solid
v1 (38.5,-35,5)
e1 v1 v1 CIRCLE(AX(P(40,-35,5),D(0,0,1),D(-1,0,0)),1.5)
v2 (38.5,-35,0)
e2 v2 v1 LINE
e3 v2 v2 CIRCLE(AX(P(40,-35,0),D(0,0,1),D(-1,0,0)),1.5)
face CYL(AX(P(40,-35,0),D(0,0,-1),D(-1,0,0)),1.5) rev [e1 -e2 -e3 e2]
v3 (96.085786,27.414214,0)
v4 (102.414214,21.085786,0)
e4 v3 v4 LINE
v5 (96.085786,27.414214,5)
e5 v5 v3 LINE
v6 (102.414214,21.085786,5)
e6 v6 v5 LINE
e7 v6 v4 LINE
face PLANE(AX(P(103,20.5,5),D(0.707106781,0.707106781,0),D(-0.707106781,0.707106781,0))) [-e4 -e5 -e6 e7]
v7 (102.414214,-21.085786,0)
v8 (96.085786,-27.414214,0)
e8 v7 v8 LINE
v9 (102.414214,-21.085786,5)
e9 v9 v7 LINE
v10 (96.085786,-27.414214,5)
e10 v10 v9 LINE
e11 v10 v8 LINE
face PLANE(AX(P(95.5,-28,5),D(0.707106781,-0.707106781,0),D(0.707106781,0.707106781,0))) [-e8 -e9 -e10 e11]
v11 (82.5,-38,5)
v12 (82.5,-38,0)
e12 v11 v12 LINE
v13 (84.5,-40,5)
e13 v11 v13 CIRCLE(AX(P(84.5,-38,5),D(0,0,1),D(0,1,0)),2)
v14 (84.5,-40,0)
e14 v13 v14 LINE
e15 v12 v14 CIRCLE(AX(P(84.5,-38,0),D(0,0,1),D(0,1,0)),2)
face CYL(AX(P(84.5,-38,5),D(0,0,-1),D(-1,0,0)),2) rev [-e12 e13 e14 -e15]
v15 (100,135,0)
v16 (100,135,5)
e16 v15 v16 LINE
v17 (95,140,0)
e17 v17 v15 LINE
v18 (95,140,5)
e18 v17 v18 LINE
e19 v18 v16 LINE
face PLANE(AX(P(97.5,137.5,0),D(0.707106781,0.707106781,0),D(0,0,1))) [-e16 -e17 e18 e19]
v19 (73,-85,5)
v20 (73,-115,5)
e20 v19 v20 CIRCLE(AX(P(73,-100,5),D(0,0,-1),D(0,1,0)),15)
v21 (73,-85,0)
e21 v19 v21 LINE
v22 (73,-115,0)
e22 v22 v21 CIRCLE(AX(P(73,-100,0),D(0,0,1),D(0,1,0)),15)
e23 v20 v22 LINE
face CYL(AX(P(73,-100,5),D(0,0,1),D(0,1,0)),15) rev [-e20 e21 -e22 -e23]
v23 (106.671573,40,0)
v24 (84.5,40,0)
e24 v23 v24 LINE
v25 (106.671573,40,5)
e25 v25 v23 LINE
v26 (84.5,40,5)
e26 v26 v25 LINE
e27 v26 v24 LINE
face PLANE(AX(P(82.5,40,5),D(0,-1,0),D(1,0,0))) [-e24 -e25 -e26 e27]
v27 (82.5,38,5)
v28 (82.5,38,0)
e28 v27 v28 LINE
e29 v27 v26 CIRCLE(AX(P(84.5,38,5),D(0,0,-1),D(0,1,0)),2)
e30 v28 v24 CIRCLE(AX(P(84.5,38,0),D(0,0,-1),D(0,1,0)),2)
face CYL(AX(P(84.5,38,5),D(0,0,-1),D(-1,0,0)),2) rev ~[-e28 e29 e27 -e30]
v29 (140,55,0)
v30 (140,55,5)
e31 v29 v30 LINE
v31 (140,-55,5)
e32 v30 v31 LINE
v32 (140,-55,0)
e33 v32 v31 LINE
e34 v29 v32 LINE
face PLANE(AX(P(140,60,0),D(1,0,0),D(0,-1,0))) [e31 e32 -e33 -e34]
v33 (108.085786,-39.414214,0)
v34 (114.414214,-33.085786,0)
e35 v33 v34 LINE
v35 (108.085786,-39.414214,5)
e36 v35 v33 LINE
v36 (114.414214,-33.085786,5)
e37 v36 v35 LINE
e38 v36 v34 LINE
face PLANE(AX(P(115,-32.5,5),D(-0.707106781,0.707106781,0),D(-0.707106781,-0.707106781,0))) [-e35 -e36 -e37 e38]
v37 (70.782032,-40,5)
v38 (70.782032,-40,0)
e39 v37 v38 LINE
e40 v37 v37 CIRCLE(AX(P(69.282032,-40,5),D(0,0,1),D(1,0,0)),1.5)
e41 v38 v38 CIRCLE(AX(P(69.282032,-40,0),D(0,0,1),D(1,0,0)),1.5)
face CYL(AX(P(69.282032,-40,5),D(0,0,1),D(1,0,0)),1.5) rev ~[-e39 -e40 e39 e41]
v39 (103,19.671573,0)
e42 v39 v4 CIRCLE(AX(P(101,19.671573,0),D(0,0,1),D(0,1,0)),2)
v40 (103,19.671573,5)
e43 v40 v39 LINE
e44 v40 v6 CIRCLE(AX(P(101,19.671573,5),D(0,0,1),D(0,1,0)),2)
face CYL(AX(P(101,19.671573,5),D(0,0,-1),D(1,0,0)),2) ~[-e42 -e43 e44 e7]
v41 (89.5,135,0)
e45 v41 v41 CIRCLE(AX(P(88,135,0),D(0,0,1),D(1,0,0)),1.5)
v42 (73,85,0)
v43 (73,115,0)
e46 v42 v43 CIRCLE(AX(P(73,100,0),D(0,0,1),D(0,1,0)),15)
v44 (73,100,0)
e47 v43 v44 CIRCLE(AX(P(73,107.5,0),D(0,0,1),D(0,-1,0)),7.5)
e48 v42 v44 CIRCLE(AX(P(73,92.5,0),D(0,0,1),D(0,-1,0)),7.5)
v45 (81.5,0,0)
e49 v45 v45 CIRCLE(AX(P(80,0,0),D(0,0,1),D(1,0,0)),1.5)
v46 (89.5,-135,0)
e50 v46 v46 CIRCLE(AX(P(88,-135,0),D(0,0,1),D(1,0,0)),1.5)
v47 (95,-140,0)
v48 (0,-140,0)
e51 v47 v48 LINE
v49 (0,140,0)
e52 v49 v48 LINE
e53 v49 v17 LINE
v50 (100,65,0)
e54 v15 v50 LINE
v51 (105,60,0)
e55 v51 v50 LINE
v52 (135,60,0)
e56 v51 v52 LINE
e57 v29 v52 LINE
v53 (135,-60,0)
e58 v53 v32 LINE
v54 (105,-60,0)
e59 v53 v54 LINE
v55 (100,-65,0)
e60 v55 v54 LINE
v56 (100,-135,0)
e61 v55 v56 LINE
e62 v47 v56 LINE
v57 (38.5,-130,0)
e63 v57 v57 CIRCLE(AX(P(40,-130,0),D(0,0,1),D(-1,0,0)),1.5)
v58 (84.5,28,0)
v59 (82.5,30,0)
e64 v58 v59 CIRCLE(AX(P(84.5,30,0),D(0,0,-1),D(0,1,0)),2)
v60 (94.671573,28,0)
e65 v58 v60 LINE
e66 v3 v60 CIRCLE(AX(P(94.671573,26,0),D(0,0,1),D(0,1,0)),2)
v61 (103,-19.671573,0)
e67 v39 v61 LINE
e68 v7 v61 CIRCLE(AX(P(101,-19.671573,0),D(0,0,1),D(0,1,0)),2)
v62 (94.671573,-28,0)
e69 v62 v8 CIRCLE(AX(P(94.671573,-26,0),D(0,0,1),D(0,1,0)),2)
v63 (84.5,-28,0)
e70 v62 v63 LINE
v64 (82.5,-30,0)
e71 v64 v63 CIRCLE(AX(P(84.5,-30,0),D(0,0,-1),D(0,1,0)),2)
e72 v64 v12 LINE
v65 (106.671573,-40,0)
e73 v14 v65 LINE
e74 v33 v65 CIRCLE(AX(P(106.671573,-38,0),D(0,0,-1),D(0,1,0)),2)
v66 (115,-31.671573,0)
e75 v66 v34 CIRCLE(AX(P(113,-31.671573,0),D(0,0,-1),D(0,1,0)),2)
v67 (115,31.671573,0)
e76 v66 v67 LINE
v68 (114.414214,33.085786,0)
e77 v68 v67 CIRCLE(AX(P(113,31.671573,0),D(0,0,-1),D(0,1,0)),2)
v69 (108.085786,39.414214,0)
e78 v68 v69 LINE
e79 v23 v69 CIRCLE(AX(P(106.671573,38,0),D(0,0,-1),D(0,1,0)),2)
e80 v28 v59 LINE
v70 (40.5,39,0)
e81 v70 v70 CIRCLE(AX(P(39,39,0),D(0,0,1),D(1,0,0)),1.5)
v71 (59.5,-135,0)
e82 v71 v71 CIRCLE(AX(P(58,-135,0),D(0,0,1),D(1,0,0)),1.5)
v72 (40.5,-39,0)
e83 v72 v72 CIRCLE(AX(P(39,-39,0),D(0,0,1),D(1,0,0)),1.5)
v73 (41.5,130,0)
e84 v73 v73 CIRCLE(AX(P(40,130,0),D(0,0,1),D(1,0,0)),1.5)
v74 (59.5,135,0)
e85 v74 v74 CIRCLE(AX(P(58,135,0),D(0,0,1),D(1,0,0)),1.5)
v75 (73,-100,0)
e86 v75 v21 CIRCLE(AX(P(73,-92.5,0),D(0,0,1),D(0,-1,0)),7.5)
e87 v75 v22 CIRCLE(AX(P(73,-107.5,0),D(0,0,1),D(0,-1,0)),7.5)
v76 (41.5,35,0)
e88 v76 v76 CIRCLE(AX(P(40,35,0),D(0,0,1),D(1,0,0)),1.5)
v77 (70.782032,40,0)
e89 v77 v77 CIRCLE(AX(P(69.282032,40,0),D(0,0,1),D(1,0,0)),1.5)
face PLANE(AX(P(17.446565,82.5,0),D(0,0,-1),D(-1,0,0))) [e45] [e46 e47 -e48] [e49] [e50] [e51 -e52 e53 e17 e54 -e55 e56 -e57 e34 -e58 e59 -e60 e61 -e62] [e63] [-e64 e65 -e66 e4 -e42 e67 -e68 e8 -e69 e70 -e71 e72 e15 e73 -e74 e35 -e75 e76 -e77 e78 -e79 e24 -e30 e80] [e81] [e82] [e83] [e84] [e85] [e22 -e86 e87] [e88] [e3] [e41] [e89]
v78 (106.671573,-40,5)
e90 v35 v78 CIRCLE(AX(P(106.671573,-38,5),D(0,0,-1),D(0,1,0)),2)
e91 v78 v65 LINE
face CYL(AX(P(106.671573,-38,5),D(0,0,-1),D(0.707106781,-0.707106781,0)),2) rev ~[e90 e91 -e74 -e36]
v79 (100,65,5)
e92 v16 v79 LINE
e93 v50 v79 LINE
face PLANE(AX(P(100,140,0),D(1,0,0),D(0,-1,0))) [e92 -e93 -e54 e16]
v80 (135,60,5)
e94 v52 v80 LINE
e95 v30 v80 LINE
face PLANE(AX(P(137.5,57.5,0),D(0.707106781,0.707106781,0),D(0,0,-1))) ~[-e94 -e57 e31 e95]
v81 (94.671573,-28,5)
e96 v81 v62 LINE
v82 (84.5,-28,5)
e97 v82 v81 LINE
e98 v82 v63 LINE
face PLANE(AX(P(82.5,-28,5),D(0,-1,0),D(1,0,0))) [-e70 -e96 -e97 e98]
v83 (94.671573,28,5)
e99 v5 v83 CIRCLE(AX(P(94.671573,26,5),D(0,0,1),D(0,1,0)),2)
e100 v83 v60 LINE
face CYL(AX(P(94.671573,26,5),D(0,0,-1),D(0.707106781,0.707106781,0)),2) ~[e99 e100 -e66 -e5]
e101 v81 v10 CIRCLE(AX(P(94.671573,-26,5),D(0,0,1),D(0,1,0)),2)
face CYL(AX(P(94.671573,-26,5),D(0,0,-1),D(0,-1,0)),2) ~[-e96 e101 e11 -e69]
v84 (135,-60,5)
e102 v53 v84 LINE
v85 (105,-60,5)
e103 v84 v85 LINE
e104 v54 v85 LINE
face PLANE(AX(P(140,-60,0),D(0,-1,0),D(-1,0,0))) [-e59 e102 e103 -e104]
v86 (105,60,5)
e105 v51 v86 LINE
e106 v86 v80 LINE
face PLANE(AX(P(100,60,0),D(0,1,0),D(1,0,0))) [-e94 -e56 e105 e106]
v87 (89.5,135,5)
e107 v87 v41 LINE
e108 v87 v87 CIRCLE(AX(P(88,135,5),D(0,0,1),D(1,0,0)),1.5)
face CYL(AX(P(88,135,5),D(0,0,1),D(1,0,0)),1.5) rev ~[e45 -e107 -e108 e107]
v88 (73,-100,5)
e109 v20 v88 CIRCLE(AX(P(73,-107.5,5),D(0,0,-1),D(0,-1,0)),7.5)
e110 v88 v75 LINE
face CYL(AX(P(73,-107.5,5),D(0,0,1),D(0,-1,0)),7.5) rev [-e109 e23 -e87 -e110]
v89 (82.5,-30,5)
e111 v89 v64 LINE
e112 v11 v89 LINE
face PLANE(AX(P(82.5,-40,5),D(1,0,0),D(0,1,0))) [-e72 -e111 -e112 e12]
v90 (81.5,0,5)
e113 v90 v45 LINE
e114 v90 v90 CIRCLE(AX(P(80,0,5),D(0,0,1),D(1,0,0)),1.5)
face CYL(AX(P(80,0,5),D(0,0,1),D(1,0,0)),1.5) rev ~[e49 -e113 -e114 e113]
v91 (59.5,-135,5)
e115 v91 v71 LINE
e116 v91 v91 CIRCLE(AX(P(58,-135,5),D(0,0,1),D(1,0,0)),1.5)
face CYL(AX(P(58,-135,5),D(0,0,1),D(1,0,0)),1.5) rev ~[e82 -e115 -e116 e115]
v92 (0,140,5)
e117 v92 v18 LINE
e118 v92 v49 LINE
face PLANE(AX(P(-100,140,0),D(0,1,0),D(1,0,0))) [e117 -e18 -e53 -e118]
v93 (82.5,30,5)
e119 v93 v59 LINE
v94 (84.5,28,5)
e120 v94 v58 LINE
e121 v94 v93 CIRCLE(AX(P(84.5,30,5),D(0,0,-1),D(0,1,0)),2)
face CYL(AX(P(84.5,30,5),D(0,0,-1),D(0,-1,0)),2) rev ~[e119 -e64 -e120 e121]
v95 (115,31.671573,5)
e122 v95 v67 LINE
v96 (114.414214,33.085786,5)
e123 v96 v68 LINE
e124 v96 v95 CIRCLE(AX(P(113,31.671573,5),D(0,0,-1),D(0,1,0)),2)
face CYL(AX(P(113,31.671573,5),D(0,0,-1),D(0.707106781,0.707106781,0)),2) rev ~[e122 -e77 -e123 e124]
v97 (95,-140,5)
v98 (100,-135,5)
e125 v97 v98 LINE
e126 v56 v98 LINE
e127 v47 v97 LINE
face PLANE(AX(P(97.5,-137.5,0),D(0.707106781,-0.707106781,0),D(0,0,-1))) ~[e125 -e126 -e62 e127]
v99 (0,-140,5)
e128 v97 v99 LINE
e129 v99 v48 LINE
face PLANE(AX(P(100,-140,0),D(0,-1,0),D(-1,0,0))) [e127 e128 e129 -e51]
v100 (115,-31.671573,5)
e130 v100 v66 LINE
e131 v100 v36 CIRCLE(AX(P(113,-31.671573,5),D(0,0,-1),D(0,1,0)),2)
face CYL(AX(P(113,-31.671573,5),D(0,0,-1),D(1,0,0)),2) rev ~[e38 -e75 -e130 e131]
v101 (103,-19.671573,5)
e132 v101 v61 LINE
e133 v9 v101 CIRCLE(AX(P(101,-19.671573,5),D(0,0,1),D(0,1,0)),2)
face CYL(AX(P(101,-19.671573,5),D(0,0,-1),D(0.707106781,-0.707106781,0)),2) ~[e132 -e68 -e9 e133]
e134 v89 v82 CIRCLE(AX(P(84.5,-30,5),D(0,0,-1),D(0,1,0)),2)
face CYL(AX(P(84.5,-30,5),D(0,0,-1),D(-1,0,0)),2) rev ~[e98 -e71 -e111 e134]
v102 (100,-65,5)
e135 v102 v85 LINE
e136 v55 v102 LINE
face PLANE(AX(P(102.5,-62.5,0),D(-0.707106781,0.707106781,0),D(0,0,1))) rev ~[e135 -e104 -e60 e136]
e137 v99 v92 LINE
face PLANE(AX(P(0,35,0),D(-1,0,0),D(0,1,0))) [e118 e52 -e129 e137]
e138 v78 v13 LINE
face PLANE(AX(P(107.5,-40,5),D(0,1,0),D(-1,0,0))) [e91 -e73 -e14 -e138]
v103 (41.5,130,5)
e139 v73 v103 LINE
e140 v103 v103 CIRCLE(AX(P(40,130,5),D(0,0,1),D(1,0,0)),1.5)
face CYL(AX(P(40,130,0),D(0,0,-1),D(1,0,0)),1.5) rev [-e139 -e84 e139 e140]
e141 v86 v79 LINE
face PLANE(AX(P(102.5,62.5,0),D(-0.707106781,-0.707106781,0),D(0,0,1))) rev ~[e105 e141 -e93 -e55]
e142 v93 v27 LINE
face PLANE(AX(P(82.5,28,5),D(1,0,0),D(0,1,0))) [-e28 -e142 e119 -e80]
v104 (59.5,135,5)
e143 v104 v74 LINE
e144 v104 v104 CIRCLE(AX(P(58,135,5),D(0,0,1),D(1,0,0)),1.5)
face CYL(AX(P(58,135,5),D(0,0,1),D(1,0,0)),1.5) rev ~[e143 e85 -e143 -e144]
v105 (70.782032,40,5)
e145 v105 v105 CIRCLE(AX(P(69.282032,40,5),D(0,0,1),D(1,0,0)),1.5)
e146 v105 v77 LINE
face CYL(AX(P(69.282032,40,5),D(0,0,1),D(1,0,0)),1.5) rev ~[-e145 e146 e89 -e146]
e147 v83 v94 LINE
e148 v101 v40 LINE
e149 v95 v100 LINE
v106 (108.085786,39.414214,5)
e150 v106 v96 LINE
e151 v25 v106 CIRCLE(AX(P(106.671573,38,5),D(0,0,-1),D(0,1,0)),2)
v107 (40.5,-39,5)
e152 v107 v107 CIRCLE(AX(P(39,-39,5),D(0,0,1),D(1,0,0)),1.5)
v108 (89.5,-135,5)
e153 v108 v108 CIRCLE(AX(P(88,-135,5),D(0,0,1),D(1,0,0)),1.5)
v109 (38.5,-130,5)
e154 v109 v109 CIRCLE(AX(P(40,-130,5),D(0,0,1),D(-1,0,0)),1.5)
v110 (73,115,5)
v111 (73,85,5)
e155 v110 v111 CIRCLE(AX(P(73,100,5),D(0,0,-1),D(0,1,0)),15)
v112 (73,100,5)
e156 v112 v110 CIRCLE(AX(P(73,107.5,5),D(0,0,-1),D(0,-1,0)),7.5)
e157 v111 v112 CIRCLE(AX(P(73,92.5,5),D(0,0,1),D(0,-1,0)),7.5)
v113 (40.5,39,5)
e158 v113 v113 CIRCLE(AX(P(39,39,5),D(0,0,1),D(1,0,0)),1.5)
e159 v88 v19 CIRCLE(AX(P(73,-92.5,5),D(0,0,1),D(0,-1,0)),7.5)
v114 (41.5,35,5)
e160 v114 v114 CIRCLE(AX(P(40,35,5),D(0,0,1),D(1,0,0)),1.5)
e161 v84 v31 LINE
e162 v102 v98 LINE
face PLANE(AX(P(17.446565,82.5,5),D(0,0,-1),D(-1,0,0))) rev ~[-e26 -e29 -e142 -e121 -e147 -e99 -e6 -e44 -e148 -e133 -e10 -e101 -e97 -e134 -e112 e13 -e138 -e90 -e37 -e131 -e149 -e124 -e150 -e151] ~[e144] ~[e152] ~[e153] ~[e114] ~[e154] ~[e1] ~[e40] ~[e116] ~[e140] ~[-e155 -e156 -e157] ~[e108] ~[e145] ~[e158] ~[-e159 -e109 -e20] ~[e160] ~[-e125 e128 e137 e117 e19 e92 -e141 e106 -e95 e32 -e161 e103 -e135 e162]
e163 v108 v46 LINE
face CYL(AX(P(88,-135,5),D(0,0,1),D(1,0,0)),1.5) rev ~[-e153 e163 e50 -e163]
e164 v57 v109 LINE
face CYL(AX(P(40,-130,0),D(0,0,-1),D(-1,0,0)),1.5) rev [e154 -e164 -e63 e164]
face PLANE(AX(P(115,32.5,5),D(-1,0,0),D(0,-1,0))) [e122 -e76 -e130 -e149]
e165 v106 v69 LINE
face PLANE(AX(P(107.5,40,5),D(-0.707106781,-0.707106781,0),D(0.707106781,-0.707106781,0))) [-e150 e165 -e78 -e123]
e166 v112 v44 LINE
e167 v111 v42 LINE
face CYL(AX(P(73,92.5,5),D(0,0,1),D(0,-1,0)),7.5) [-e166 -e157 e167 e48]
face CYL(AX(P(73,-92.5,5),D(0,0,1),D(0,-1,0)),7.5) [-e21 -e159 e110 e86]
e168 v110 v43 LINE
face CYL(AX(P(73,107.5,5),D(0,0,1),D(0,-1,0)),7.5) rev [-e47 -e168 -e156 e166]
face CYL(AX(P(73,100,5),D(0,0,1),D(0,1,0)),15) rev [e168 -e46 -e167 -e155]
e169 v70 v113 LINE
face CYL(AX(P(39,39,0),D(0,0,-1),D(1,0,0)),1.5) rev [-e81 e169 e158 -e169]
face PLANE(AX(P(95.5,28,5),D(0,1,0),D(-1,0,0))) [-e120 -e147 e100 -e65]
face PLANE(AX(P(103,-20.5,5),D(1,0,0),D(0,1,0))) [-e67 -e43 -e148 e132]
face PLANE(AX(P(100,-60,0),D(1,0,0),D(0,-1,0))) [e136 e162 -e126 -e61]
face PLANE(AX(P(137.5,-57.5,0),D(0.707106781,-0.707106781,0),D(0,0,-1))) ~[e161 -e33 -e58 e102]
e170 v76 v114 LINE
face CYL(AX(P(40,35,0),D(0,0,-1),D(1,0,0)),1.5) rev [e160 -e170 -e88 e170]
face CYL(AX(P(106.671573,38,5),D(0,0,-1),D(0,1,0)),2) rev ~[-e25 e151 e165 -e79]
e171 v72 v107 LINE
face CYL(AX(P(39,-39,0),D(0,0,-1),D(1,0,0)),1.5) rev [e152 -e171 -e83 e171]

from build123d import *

# Parameters (mm, degrees)
SKETCH_1_R          = 1.5
EXTRUDE_1_DEPTH     = 5
CHAMFER_1_SIZE      = 5
SKETCH_3_R          = 1.5
CUT_EXTRUDE_2_DEPTH = 10
FILLET_1_R          = 10
FILLET_2_R          = 2
CUT_EXTRUDE_3_DEPTH = 199.053023203
EXTRUDE_2_DEPTH     = 5


with BuildPart() as part:
    # 草图1 → 凸台-拉伸1 (new body)
    with BuildSketch(Plane.XY):
        Polygon((-100, -140), (-100, -60), (-140, -60), (-140, 60), (-100, 60), (-100, 140), (100, 140), (100, 60), (140, 60), (140, -60), (100, -60), (100, -140), align=None)
        with Locations((-40, -130)):
            Circle(SKETCH_1_R, mode=Mode.SUBTRACT)
        with Locations((-40, -35)):
            Circle(SKETCH_1_R, mode=Mode.SUBTRACT)
        with Locations(Location((40, -130, 0), (0, 0, 180))):
            Circle(SKETCH_1_R, mode=Mode.SUBTRACT)
        with Locations(Location((40, -35, 0), (0, 0, 180))):
            Circle(SKETCH_1_R, mode=Mode.SUBTRACT)
        with Locations(Location((-40, 130, 0), (0, 0, 180))):
            Circle(SKETCH_1_R, mode=Mode.SUBTRACT)
        with Locations((40, 130)):
            Circle(SKETCH_1_R, mode=Mode.SUBTRACT)
        with Locations((40, 35)):
            Circle(SKETCH_1_R, mode=Mode.SUBTRACT)
        with Locations(Location((-40, 35, 0), (0, 0, 180))):
            Circle(SKETCH_1_R, mode=Mode.SUBTRACT)
        with Locations((-39, 39)):
            Circle(SKETCH_1_R, mode=Mode.SUBTRACT)
        with Locations((39, 39)):
            Circle(SKETCH_1_R, mode=Mode.SUBTRACT)
        with Locations((39, -39)):
            Circle(SKETCH_1_R, mode=Mode.SUBTRACT)
        with Locations((-39, -39)):
            Circle(SKETCH_1_R, mode=Mode.SUBTRACT)
    extrude(amount=EXTRUDE_1_DEPTH)

    # 倒角1
    chamfer_1_edges = [part.edges().sort_by_distance(p)[0] for p in [
        (-100, -140, 2.5),
        (-100, -60, 2.5),
        (-140, -60, 2.5),
        (-140, 60, 2.5),
        (-100, 60, 2.5),
        (-100, 140, 2.5),
        (100, 140, 2.5),
        (100, 60, 2.5),
        (140, 60, 2.5),
        (140, -60, 2.5),
        (100, -60, 2.5),
        (100, -140, 2.5),
    ]]
    chamfer(chamfer_1_edges, length=CHAMFER_1_SIZE)

    # 草图3 → 切除-拉伸2 (cut)
    with BuildSketch(Plane.XY.offset(5)):
        with Locations((-88, 135)):
            Circle(SKETCH_3_R)
        with Locations((-58, 135)):
            Circle(SKETCH_3_R)
        with Locations((58, 135)):
            Circle(SKETCH_3_R)
        with Locations((88, 135)):
            Circle(SKETCH_3_R)
        with Locations((88, -135)):
            Circle(SKETCH_3_R)
        with Locations((58, -135)):
            Circle(SKETCH_3_R)
        with Locations((-58, -135)):
            Circle(SKETCH_3_R)
        with Locations((-88, -135)):
            Circle(SKETCH_3_R)
        with Locations((-80, 0)):
            Circle(SKETCH_3_R)
        with Locations((-69.282032303, 40)):
            Circle(SKETCH_3_R)
        with Locations((69.282032303, 40)):
            Circle(SKETCH_3_R)
        with Locations((80, 0)):
            Circle(SKETCH_3_R)
        with Locations((69.282032303, -40)):
            Circle(SKETCH_3_R)
        with Locations((-69.282032303, -40)):
            Circle(SKETCH_3_R)
        with BuildLine():
            Line((-25, -35), (25, -35))
            ThreePointArc((25, -35), (29.393398282, -45.606601718), (40, -50))
            Line((40, -50), (40, -115))
            ThreePointArc((40, -115), (29.393398282, -119.393398282), (25, -130))
            Line((25, -130), (-25, -130))
            ThreePointArc((-25, -130), (-29.393398282, -119.393398282), (-40, -115))
            Line((-40, -115), (-40, -50))
            ThreePointArc((-40, -50), (-29.393398282, -45.606601718), (-25, -35))
        make_face()
        with BuildLine():
            Line((-25, 35), (25, 35))
            ThreePointArc((25, 35), (29.393398282, 45.606601718), (40, 50))
            Line((40, 50), (40, 115))
            ThreePointArc((40, 115), (29.393398282, 119.393398282), (25, 130))
            Line((25, 130), (-25, 130))
            ThreePointArc((-25, 130), (-29.393398282, 119.393398282), (-40, 115))
            Line((-40, 115), (-40, 50))
            ThreePointArc((-40, 50), (-29.393398282, 45.606601718), (-25, 35))
        make_face()
        Polygon((-20.071531448, -8.109425098), (-8.458486518, -19.926945474), (8.109425098, -20.071531448), (19.926945474, -8.458486518), (20.071531448, 8.109425098), (8.458486518, 19.926945474), (-8.109425098, 20.071531448), (-19.926945474, 8.458486518), align=None)
        Polygon((-107.5, 40), (-82.5, 40), (-82.5, 28), (-95.5, 28), (-103, 20.5), (-103, -20.5), (-95.5, -28), (-82.5, -28), (-82.5, -40), (-107.5, -40), (-115, -32.5), (-115, 32.5), align=None)
        Polygon((107.5, -40), (82.5, -40), (82.5, -28), (95.5, -28), (103, -20.5), (103, 20.5), (95.5, 28), (82.5, 28), (82.5, 40), (107.5, 40), (115, 32.5), (115, -32.5), align=None)
        with BuildLine():
            ThreePointArc((-73, -85), (-80.5, -92.5), (-73, -100))
            ThreePointArc((-73, -100), (-65.5, -107.5), (-73, -115))
            ThreePointArc((-73, -115), (-88, -100), (-73, -85))
        make_face()
        with BuildLine():
            ThreePointArc((-73, 85), (-88, 100), (-73, 115))
            ThreePointArc((-73, 115), (-65.5, 107.5), (-73, 100))
            ThreePointArc((-73, 100), (-80.5, 92.5), (-73, 85))
        make_face()
        with BuildLine():
            ThreePointArc((73, -85), (88, -100), (73, -115))
            ThreePointArc((73, -115), (65.5, -107.5), (73, -100))
            ThreePointArc((73, -100), (80.5, -92.5), (73, -85))
        make_face()
        with BuildLine():
            ThreePointArc((73, 85), (80.5, 92.5), (73, 100))
            ThreePointArc((73, 100), (65.5, 107.5), (73, 115))
            ThreePointArc((73, 115), (88, 100), (73, 85))
        make_face()
    extrude(amount=-CUT_EXTRUDE_2_DEPTH, mode=Mode.SUBTRACT)

    # 圆角1
    fillet_1_edges = [part.edges().sort_by_distance(p)[0] for p in [
        (-25, 35, 2.5),
        (-40, 50, 2.5),
        (-40, 115, 2.5),
        (-25, 130, 2.5),
        (25, 130, 2.5),
        (40, 115, 2.5),
        (40, 50, 2.5),
        (25, 35, 2.5),
        (-25, -130, 2.5),
        (-40, -115, 2.5),
        (-40, -50, 2.5),
        (-25, -35, 2.5),
        (25, -35, 2.5),
        (40, -50, 2.5),
        (40, -115, 2.5),
        (25, -130, 2.5),
    ]]
    fillet(fillet_1_edges, radius=FILLET_1_R)

    # 圆角2
    fillet_2_edges = [part.edges().sort_by_distance(p)[0] for p in [
        (-82.5, -40, 2.5),
        (-107.5, -40, 2.5),
        (-115, -32.5, 2.5),
        (-115, 32.5, 2.5),
        (-107.5, 40, 2.5),
        (-82.5, 40, 2.5),
        (-82.5, 28, 2.5),
        (-95.5, 28, 2.5),
        (-103, 20.5, 2.5),
        (-103, -20.5, 2.5),
        (-95.5, -28, 2.5),
        (-82.5, -28, 2.5),
        (115, -32.5, 2.5),
        (107.5, -40, 2.5),
        (82.5, -40, 2.5),
        (82.5, -28, 2.5),
        (95.5, -28, 2.5),
        (103, -20.5, 2.5),
        (103, 20.5, 2.5),
        (95.5, 28, 2.5),
        (82.5, 28, 2.5),
        (82.5, 40, 2.5),
        (107.5, 40, 2.5),
        (115, 32.5, 2.5),
    ]]
    fillet(fillet_2_edges, radius=FILLET_2_R)

    # 草图5 → 切除-拉伸3 (cut, through all)
    with BuildSketch(Plane.XY.offset(5)):
        Polygon((0, -140), (0, 140), (-95, 140), (-100, 135), (-100, 65), (-105, 60), (-135, 60), (-140, 55), (-140, -55), (-135, -60), (-105, -60), (-100, -65), (-100, -135), (-95, -140), align=None)
    extrude(amount=-CUT_EXTRUDE_3_DEPTH, mode=Mode.SUBTRACT)

    # 草图6 → 凸台-拉伸2 (add)
    with BuildSketch(Plane(origin=(0, 0, 0), x_dir=(-1, 0, 0), z_dir=(0, 0, -1))):
        with BuildLine():
            Line((0, 35), (0, 130))
            Line((0, 130), (-17.087121525, 130))
            ThreePointArc((-17.087121525, 130), (-22.5643471, 128.366600265), (-26.252272915, 124))
            ThreePointArc((-26.252272915, 124), (-29.393398282, 119.393398282), (-34, 116.252272915))
            ThreePointArc((-34, 116.252272915), (-38.366600265, 112.5643471), (-40, 107.087121525))
            Line((-40, 107.087121525), (-40, 57.912878475))
            ThreePointArc((-40, 57.912878475), (-38.366600265, 52.4356529), (-34, 48.747727085))
            ThreePointArc((-34, 48.747727085), (-29.393398282, 45.606601718), (-26.252272915, 41))
            ThreePointArc((-26.252272915, 41), (-22.5643471, 36.633399735), (-17.087121525, 35))
            Line((-17.087121525, 35), (0, 35))
        make_face()
        Polygon((0, -20.000761568), (0, 20.000761568), (-8.458486518, 19.926945474), (-20.071531448, 8.109425098), (-19.926945474, -8.458486518), (-8.109425098, -20.071531448), align=None)
        with BuildLine():
            Line((0, -130), (0, -35))
            Line((0, -35), (-17.087121525, -35))
            ThreePointArc((-17.087121525, -35), (-22.5643471, -36.633399735), (-26.252272915, -41))
            ThreePointArc((-26.252272915, -41), (-29.393398282, -45.606601718), (-34, -48.747727085))
            ThreePointArc((-34, -48.747727085), (-38.366600265, -52.4356529), (-40, -57.912878475))
            Line((-40, -57.912878475), (-40, -107.087121525))
            ThreePointArc((-40, -107.087121525), (-38.366600265, -112.5643471), (-34, -116.252272915))
            ThreePointArc((-34, -116.252272915), (-29.393398282, -119.393398282), (-26.252272915, -124))
            ThreePointArc((-26.252272915, -124), (-22.5643471, -128.366600265), (-17.087121525, -130))
            Line((-17.087121525, -130), (0, -130))
        make_face()
    extrude(amount=-EXTRUDE_2_DEPTH)


solid = part.part
